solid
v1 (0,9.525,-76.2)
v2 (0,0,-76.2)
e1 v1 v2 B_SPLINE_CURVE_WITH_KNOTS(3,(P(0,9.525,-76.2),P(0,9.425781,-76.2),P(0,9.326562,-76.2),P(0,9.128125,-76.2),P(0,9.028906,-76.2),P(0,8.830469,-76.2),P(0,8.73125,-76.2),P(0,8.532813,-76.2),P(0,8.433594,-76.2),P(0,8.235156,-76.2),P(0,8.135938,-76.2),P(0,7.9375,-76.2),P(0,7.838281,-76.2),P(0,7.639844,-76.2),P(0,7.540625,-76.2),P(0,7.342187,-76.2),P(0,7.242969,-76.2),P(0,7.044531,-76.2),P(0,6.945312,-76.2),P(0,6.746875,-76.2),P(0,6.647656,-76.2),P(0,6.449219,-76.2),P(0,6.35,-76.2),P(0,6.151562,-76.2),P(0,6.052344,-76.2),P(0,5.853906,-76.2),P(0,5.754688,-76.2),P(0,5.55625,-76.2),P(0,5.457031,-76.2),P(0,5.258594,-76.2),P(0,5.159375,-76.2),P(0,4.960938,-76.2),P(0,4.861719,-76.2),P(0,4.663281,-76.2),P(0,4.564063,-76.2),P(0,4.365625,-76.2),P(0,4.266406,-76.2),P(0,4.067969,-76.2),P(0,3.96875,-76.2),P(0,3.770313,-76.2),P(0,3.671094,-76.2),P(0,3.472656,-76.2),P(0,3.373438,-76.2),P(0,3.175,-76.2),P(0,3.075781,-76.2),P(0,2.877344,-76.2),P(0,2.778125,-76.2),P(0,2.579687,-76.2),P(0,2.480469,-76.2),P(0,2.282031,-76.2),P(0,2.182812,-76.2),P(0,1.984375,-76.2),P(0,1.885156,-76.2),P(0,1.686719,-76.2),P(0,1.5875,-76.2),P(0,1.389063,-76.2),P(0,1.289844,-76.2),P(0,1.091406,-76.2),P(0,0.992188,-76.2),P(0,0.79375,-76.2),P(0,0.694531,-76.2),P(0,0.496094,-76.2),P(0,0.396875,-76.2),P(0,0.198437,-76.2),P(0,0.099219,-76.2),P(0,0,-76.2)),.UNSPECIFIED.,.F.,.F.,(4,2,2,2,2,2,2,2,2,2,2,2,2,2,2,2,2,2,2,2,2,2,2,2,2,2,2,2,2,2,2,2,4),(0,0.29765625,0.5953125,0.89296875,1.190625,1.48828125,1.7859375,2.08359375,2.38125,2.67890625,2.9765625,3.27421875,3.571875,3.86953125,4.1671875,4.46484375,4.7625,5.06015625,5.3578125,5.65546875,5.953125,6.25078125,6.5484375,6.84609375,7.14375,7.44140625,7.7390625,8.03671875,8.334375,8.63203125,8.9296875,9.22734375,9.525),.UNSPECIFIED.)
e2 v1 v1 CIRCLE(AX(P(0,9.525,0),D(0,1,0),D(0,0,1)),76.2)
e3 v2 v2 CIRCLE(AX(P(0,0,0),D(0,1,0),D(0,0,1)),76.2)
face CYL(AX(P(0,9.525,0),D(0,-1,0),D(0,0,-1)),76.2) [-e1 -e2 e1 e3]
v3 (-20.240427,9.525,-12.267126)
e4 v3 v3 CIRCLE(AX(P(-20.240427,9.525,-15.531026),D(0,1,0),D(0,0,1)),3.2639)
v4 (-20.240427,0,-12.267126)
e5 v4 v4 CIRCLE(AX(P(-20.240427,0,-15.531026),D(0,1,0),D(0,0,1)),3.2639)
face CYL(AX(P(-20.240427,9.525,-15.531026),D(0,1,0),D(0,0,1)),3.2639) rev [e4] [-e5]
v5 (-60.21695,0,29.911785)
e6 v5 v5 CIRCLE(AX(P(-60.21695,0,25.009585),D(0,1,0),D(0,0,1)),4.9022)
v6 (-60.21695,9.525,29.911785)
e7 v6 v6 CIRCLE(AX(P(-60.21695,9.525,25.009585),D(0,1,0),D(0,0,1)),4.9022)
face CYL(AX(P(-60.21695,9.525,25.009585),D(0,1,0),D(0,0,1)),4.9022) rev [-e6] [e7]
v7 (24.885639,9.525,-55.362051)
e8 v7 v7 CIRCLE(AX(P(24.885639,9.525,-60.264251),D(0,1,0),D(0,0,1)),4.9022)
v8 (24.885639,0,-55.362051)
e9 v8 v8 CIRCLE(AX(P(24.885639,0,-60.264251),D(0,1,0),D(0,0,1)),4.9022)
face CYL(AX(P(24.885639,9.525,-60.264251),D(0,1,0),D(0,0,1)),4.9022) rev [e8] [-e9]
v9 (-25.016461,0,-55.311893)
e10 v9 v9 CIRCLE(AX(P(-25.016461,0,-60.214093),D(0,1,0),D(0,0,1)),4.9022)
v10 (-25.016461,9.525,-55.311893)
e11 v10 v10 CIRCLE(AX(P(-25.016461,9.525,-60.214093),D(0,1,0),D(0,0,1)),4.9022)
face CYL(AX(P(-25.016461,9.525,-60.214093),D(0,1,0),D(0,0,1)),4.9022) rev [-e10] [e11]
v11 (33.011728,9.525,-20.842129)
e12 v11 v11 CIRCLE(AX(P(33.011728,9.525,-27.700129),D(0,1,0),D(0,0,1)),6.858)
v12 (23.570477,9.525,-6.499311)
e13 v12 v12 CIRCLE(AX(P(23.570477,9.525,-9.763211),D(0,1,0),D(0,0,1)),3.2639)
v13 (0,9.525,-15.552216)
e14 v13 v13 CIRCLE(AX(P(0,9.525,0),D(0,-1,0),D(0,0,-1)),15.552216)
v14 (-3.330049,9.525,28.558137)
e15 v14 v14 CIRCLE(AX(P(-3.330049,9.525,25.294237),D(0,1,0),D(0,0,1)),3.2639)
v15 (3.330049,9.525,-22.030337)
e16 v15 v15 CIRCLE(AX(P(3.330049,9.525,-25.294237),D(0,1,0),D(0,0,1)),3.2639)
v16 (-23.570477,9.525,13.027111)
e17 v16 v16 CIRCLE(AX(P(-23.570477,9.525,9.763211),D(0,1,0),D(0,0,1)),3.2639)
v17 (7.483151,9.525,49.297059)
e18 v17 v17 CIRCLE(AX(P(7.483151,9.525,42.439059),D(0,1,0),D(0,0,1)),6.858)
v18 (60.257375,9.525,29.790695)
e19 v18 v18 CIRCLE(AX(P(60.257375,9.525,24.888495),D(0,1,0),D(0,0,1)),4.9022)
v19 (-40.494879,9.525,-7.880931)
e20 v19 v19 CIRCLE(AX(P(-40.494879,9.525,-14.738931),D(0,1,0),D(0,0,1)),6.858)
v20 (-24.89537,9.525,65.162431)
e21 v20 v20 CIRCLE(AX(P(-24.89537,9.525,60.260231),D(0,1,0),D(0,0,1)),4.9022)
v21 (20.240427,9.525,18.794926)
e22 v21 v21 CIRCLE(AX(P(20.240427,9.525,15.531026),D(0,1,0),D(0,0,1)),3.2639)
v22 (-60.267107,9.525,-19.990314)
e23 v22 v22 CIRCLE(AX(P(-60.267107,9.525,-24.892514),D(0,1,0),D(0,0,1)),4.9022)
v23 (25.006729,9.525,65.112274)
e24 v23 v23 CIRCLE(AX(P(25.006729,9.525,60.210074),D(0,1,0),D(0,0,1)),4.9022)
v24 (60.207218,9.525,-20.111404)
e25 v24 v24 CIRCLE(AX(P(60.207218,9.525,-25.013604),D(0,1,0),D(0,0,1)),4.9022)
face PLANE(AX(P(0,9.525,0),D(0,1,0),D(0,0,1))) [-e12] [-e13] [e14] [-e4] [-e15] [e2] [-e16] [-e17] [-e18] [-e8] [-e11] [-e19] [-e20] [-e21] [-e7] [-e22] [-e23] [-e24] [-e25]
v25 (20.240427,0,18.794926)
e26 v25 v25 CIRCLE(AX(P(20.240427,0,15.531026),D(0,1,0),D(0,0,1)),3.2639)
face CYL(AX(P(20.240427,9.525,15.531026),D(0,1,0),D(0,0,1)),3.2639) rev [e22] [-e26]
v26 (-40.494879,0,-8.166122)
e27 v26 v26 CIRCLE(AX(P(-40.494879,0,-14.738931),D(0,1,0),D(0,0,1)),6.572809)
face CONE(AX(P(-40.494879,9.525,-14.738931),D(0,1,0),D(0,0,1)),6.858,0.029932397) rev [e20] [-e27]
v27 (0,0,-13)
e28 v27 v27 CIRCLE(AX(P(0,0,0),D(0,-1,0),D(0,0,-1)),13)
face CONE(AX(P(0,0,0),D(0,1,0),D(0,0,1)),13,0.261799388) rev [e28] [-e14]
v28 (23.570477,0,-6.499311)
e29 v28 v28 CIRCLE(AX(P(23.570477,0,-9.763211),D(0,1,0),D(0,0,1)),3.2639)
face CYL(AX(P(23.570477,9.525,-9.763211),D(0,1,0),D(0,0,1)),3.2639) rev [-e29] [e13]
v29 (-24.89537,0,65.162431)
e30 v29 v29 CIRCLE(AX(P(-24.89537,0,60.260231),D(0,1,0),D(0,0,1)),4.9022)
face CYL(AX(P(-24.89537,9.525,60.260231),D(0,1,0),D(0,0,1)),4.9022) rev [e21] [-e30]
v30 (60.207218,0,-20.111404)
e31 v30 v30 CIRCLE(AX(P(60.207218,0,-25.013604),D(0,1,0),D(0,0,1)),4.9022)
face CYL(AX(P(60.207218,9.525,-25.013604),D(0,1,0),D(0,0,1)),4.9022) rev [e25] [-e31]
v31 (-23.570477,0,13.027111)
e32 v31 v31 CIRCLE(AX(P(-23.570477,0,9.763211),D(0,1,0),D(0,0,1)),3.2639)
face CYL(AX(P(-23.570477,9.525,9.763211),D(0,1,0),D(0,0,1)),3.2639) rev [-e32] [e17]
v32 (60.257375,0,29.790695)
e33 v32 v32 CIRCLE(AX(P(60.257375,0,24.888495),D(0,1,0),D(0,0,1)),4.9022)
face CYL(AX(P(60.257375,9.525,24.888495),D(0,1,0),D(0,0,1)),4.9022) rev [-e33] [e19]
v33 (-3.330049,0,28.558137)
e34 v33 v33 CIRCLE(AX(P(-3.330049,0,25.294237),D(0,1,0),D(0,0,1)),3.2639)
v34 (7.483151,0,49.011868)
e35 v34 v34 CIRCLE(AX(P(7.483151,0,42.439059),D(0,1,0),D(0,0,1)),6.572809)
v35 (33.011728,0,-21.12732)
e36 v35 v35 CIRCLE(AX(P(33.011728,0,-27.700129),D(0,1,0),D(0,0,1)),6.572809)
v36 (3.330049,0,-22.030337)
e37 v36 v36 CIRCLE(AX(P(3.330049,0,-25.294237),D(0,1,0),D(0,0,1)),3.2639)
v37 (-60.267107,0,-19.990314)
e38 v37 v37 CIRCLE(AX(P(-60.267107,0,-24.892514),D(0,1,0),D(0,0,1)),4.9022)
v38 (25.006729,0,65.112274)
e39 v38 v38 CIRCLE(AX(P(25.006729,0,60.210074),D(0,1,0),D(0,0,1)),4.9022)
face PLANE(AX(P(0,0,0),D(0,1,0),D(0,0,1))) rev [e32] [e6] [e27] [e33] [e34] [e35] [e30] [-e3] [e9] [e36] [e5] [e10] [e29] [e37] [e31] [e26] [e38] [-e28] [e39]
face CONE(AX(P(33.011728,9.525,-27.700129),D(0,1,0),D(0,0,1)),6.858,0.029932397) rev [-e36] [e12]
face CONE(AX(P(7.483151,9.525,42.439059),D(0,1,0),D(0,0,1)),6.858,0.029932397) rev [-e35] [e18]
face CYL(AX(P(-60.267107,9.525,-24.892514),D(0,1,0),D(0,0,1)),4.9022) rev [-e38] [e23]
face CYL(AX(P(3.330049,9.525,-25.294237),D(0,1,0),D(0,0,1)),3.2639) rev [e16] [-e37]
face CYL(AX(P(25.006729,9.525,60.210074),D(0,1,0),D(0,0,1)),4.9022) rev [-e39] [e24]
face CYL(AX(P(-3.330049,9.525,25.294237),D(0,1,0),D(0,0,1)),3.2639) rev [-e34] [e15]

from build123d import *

# Parameters (mm, degrees)
SKETCH1_R               = 76.2
BOSS_EXTRUDE1_DEPTH     = 9.525
CIRPATTERN6_COUNT       = 3
F_3_8_CLEARANCE_HOLE1_D = 9.8044
F_1_4_CLEARANCE_HOLE1_D = 6.5278


with BuildPart() as part:
    # Sketch1 → Boss-Extrude1 (new body)
    with BuildSketch(Plane(origin=(0, 0, 0), x_dir=(1, 0, 0), z_dir=(0, 1, 0))):
        with Locations(Location((0, 0, 0), (0, 0, 90))):
            Circle(SKETCH1_R)
    extrude(amount=BOSS_EXTRUDE1_DEPTH)

    # Sketch5 → Cut-Revolve1 (revolve, cut)
    with BuildSketch(Plane.XY, mode=Mode.PRIVATE) as cut_revolve1_sk:
        Polygon((0, 0), (0, 9.525), (15.552216058, 9.525), (13, 0), align=None)
    revolve(cut_revolve1_sk.sketch.rotate(Axis((0, 0, 0), (0, 1, 0)), 90), axis=Axis((0, 0, 0), (0, 1, 0)), mode=Mode.SUBTRACT)

    # Sketch15 → 1/4 NPT Tapped Hole1 (revolve, cut)
    with BuildSketch(Plane(origin=(33.011727721, 9.525, -27.700128555), x_dir=(0, 0, 1), z_dir=(1, 0, 0))):
        Polygon((0, 0), (0, 9.525), (5.5626, 9.525), (5.5626, 10.0203), (6.557978799, 10.0203), (6.858, 0), align=None)
    f_1_4_npt_tapped_hole1 = revolve(axis=Axis((33.011727721, 15.875, -27.700128555), (0, -1, 0)), mode=Mode.SUBTRACT)

    # CirPattern6: 1/4 NPT Tapped Hole1 ×3 about axis
    cirpattern6_axis = Axis((0, 0, 0), (0, 1, 0))
    for i in range(1, CIRPATTERN6_COUNT):
        add(f_1_4_npt_tapped_hole1.rotate(cirpattern6_axis, i * 360 / CIRPATTERN6_COUNT), mode=Mode.SUBTRACT)

    # 3/8 Clearance Hole1 (through all)
    with Locations(Plane(origin=(0, 9.525, 0), x_dir=(1, 0, 0), z_dir=(0, 1, 0))):
        with Locations((60.207217661, 25.013604371), (60.257374801, -24.888494705), (24.885638551, 60.264250563), (-25.016460514, 60.214093421), (-60.267106699, 24.892514335), (-60.216949569, -25.009584719), (-24.895370482, -60.260230921), (25.006728592, -60.210073801)):
            Hole(F_3_8_CLEARANCE_HOLE1_D / 2)

    # 1/4 Clearance Hole1 (through all)
    with Locations(Plane(origin=(0, 9.525, 0), x_dir=(1, 0, 0), z_dir=(0, 1, 0))):
        with Locations((3.330049479, 25.294237026), (-20.240427094, 15.531025958), (20.240427094, -15.531025958), (-23.570476573, -9.763211068), (-3.330049479, -25.294237026), (23.570476573, 9.763211068)):
            Hole(F_1_4_CLEARANCE_HOLE1_D / 2)


solid = part.part
